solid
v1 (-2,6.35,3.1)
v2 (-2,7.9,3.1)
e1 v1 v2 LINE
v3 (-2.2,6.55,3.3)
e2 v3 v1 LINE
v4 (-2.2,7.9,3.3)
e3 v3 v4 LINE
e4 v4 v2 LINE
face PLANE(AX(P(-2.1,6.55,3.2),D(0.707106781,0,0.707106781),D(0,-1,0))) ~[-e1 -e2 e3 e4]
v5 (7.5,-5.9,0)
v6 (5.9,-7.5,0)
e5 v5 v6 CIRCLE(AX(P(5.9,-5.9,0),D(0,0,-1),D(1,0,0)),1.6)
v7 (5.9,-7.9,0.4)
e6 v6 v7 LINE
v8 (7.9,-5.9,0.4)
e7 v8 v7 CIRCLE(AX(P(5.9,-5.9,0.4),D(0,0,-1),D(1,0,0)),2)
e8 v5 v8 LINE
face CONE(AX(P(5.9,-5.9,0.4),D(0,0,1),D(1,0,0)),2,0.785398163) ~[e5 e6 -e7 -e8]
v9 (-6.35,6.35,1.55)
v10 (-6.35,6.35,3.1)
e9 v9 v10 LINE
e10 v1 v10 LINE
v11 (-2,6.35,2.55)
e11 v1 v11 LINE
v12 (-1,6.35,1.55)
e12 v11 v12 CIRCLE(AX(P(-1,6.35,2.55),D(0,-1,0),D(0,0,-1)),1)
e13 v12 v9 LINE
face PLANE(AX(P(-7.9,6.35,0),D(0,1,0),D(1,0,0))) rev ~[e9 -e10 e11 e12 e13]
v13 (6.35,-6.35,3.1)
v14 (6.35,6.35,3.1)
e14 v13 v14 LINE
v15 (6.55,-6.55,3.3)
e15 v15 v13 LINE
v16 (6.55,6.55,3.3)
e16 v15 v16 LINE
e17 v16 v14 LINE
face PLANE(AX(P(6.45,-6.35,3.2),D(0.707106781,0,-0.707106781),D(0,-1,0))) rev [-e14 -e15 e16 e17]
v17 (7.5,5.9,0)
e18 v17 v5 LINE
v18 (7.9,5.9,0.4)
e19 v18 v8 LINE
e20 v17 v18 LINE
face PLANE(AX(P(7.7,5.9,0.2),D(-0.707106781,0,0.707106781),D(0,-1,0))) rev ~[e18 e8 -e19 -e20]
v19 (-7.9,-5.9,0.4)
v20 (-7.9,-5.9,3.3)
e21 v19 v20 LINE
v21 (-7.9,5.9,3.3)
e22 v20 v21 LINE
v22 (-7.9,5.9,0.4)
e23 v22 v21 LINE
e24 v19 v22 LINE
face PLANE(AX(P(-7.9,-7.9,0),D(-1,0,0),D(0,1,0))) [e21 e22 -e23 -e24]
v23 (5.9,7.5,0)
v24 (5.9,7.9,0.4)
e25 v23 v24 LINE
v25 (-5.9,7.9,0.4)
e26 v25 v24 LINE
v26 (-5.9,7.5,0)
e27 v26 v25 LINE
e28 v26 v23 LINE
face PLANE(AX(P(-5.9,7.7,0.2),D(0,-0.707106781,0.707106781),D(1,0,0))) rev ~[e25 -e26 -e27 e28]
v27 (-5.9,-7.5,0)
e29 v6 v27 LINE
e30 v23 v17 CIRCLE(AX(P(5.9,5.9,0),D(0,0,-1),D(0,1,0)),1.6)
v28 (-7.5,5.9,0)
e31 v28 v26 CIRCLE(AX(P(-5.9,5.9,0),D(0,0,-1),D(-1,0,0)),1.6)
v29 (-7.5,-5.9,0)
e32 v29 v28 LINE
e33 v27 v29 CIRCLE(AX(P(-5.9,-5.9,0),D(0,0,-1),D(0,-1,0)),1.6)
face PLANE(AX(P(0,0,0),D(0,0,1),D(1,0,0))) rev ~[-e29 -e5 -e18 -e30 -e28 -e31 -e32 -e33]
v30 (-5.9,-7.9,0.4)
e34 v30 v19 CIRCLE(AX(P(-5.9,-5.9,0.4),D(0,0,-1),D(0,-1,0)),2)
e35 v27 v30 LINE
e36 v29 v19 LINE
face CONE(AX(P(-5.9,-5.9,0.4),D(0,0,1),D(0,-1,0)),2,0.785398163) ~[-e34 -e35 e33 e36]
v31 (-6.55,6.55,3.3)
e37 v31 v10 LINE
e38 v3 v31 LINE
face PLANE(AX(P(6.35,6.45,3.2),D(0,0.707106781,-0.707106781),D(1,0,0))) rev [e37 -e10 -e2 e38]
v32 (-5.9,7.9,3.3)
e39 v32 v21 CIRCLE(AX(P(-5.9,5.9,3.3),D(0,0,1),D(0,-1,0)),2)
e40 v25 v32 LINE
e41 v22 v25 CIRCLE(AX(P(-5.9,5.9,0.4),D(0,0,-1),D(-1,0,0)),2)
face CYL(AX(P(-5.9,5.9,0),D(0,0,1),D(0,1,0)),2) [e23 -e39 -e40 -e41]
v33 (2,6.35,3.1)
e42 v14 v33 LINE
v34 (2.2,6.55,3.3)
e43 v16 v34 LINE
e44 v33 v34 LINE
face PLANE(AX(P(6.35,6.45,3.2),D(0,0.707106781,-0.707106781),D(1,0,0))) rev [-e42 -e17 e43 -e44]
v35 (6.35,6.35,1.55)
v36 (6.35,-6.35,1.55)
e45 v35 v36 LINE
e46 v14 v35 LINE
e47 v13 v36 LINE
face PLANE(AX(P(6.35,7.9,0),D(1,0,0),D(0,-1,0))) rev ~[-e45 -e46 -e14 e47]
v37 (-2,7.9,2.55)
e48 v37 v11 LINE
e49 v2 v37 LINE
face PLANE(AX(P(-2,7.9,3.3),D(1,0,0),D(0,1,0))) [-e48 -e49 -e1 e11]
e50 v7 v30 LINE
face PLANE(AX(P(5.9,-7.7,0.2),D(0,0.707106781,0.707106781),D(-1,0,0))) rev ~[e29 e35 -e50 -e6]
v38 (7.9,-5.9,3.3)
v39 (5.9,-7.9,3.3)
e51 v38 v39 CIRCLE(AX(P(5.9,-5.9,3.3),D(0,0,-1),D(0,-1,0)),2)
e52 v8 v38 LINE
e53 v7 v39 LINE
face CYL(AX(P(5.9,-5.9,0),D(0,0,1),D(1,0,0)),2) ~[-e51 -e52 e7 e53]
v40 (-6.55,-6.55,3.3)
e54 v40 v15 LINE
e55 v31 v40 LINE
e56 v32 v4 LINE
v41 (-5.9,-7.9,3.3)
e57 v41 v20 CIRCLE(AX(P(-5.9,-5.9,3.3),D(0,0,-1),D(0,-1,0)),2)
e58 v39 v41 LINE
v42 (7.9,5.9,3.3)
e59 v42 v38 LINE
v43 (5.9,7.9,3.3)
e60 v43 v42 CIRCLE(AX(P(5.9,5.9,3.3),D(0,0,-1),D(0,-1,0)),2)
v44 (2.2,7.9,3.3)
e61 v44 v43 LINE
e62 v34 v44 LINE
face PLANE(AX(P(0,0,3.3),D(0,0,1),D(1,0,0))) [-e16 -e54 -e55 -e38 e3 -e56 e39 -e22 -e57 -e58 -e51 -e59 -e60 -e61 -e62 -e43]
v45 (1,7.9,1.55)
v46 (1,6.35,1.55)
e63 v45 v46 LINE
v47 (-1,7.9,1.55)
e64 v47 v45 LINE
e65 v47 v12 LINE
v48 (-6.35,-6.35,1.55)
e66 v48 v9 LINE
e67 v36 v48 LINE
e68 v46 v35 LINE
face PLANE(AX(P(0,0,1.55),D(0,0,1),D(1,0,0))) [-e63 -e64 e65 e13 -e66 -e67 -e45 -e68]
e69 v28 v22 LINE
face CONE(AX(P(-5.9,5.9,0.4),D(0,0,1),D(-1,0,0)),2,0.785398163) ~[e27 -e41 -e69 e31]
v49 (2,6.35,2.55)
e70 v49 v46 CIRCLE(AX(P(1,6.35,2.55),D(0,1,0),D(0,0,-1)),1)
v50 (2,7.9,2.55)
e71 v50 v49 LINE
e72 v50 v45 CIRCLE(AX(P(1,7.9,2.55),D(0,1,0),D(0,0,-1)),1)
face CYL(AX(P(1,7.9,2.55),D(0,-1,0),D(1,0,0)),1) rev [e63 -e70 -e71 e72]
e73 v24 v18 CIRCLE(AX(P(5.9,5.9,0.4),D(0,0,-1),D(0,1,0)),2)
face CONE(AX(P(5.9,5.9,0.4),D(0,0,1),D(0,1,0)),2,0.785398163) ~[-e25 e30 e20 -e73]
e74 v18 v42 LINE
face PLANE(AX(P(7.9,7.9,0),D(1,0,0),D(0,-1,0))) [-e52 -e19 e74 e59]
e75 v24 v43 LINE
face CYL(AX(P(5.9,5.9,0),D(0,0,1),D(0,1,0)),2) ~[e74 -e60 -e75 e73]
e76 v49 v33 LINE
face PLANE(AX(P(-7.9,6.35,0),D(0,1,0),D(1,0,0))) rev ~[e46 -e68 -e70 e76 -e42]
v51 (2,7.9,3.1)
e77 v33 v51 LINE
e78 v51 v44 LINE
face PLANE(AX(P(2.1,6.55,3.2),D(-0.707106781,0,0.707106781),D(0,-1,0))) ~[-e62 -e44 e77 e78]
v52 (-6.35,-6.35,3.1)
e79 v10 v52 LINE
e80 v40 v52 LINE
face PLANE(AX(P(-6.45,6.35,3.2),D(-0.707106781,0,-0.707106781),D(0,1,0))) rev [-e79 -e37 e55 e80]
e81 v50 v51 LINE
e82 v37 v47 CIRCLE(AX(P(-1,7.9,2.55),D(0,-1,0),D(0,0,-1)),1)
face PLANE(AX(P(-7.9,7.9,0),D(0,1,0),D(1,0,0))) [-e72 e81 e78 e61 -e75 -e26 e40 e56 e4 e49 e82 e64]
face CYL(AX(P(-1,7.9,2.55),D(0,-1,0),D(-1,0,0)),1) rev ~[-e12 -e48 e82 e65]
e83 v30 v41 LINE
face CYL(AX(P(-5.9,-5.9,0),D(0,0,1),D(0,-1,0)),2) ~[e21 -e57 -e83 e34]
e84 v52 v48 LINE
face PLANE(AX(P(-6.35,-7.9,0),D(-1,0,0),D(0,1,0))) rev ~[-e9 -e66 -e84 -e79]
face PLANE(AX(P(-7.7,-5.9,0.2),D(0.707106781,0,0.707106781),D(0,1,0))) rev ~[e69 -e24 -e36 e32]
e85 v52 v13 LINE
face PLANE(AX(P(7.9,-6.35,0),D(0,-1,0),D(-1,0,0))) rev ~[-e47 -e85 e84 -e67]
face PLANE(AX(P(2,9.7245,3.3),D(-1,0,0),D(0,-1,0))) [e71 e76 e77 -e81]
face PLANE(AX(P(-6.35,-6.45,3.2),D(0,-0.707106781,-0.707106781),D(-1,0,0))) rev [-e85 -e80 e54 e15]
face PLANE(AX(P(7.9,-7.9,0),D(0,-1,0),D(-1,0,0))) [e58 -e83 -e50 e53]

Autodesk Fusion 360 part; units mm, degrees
sketch "Sketch1" plane through (0, 0, 0) normal (0, 0, 1) x (1, 0, 0)
  line L0 (-7.9, 7.9) -> (7.9, 7.9)
  line L1 (7.9, 7.9) -> (7.9, -7.9)
  line L2 (7.9, -7.9) -> (-7.9, -7.9)
  line L3 (-7.9, -7.9) -> (-7.9, 7.9)
  line L4 (-7.9, 7.9) -> (7.9, -7.9) construction
  line L5 (7.9, 7.9) -> (-7.9, -7.9) construction
  dimension "d1" = 15.8
extrude "Extrude1" add sketch "Sketch1" along normal blind 3.3
shell "Shell1" thickness 1.55 removed faces 1 at (-2.6333, 2.6333, 3.3)
fillet "Fillet1" radius 2 4 edges at (7.9, 7.9, 1.65) (7.9, -7.9, 1.65) (-7.9, -7.9, 1.65) (-7.9, 7.9, 1.65)
chamfer "Chamfer1" distance 0.4 angle 45 8 edges at (7.9, 0, 0) (7.3142, -7.3142, 0) (0, -7.9, 0) (-7.3142, -7.3142, 0) (-7.9, 0, 0) (-7.3142, 7.3142, 0) (0, 7.9, 0) (7.3142, 7.3142, 0)
chamfer "Chamfer2" distance 0.2 angle 45 4 edges at (-6.35, 0, 3.3) (0, 6.35, 3.3) (6.35, 0, 3.3) (0, -6.35, 3.3)
sketch "Sketch2" plane through (0, 0, 3.3) normal (0, 0, 1) x (1, 0, 0)
  arc A0 (-5.9, 7.9) -> (-7.9, 5.9) centre (-5.9, 5.9) ccw
  line L0 (-7.9, 5.9) -> (-7.9, -5.9)
  arc A1 (-7.9, -5.9) -> (-5.9, -7.9) centre (-5.9, -5.9) ccw
  line L1 (-5.9, -7.9) -> (5.9, -7.9)
  arc A2 (5.9, -7.9) -> (7.9, -5.9) centre (5.9, -5.9) ccw
  line L2 (7.9, -5.9) -> (7.9, 5.9)
  arc A3 (7.9, 5.9) -> (5.9, 7.9) centre (5.9, 5.9) ccw
  line L3 (5.9, 7.9) -> (-5.9, 7.9)
  line L4 (-6.55, -6.55) -> (-6.55, 6.55)
  line L5 (-6.55, 6.55) -> (6.55, 6.55)
  line L6 (6.55, 6.55) -> (6.55, -6.55)
  line L7 (6.55, -6.55) -> (-6.55, -6.55)
  line L8 (0, 0) -> (0, 7.9) construction
  line L9 (2, 6.0755) -> (-2, 6.0755)
  line L10 (-2, 6.0755) -> (-2, 9.7245)
  line L11 (-2, 9.7245) -> (2, 9.7245)
  line L12 (2, 9.7245) -> (2, 6.0755)
  line L13 (2, 6.0755) -> (-2, 9.7245) construction
  line L14 (-2, 6.0755) -> (2, 9.7245) construction
  point P0 (0, 7.9)
  dimension "d9" = 4
extrude "Extrude2" cut sketch "Sketch2" against normal up to surface (1.75 mm away) contours L3 L10 L11 L12 | L3 L5 L10 L12 | L5 L9 L10 L12
fillet "Fillet2" radius 1 2 edges at (-2, 7.125, 1.55) (2, 7.125, 1.55)
chamfer "Chamfer3" distance 0.2 angle 45 2 edges at (2, 7.225, 3.3) (-2, 7.225, 3.3)
